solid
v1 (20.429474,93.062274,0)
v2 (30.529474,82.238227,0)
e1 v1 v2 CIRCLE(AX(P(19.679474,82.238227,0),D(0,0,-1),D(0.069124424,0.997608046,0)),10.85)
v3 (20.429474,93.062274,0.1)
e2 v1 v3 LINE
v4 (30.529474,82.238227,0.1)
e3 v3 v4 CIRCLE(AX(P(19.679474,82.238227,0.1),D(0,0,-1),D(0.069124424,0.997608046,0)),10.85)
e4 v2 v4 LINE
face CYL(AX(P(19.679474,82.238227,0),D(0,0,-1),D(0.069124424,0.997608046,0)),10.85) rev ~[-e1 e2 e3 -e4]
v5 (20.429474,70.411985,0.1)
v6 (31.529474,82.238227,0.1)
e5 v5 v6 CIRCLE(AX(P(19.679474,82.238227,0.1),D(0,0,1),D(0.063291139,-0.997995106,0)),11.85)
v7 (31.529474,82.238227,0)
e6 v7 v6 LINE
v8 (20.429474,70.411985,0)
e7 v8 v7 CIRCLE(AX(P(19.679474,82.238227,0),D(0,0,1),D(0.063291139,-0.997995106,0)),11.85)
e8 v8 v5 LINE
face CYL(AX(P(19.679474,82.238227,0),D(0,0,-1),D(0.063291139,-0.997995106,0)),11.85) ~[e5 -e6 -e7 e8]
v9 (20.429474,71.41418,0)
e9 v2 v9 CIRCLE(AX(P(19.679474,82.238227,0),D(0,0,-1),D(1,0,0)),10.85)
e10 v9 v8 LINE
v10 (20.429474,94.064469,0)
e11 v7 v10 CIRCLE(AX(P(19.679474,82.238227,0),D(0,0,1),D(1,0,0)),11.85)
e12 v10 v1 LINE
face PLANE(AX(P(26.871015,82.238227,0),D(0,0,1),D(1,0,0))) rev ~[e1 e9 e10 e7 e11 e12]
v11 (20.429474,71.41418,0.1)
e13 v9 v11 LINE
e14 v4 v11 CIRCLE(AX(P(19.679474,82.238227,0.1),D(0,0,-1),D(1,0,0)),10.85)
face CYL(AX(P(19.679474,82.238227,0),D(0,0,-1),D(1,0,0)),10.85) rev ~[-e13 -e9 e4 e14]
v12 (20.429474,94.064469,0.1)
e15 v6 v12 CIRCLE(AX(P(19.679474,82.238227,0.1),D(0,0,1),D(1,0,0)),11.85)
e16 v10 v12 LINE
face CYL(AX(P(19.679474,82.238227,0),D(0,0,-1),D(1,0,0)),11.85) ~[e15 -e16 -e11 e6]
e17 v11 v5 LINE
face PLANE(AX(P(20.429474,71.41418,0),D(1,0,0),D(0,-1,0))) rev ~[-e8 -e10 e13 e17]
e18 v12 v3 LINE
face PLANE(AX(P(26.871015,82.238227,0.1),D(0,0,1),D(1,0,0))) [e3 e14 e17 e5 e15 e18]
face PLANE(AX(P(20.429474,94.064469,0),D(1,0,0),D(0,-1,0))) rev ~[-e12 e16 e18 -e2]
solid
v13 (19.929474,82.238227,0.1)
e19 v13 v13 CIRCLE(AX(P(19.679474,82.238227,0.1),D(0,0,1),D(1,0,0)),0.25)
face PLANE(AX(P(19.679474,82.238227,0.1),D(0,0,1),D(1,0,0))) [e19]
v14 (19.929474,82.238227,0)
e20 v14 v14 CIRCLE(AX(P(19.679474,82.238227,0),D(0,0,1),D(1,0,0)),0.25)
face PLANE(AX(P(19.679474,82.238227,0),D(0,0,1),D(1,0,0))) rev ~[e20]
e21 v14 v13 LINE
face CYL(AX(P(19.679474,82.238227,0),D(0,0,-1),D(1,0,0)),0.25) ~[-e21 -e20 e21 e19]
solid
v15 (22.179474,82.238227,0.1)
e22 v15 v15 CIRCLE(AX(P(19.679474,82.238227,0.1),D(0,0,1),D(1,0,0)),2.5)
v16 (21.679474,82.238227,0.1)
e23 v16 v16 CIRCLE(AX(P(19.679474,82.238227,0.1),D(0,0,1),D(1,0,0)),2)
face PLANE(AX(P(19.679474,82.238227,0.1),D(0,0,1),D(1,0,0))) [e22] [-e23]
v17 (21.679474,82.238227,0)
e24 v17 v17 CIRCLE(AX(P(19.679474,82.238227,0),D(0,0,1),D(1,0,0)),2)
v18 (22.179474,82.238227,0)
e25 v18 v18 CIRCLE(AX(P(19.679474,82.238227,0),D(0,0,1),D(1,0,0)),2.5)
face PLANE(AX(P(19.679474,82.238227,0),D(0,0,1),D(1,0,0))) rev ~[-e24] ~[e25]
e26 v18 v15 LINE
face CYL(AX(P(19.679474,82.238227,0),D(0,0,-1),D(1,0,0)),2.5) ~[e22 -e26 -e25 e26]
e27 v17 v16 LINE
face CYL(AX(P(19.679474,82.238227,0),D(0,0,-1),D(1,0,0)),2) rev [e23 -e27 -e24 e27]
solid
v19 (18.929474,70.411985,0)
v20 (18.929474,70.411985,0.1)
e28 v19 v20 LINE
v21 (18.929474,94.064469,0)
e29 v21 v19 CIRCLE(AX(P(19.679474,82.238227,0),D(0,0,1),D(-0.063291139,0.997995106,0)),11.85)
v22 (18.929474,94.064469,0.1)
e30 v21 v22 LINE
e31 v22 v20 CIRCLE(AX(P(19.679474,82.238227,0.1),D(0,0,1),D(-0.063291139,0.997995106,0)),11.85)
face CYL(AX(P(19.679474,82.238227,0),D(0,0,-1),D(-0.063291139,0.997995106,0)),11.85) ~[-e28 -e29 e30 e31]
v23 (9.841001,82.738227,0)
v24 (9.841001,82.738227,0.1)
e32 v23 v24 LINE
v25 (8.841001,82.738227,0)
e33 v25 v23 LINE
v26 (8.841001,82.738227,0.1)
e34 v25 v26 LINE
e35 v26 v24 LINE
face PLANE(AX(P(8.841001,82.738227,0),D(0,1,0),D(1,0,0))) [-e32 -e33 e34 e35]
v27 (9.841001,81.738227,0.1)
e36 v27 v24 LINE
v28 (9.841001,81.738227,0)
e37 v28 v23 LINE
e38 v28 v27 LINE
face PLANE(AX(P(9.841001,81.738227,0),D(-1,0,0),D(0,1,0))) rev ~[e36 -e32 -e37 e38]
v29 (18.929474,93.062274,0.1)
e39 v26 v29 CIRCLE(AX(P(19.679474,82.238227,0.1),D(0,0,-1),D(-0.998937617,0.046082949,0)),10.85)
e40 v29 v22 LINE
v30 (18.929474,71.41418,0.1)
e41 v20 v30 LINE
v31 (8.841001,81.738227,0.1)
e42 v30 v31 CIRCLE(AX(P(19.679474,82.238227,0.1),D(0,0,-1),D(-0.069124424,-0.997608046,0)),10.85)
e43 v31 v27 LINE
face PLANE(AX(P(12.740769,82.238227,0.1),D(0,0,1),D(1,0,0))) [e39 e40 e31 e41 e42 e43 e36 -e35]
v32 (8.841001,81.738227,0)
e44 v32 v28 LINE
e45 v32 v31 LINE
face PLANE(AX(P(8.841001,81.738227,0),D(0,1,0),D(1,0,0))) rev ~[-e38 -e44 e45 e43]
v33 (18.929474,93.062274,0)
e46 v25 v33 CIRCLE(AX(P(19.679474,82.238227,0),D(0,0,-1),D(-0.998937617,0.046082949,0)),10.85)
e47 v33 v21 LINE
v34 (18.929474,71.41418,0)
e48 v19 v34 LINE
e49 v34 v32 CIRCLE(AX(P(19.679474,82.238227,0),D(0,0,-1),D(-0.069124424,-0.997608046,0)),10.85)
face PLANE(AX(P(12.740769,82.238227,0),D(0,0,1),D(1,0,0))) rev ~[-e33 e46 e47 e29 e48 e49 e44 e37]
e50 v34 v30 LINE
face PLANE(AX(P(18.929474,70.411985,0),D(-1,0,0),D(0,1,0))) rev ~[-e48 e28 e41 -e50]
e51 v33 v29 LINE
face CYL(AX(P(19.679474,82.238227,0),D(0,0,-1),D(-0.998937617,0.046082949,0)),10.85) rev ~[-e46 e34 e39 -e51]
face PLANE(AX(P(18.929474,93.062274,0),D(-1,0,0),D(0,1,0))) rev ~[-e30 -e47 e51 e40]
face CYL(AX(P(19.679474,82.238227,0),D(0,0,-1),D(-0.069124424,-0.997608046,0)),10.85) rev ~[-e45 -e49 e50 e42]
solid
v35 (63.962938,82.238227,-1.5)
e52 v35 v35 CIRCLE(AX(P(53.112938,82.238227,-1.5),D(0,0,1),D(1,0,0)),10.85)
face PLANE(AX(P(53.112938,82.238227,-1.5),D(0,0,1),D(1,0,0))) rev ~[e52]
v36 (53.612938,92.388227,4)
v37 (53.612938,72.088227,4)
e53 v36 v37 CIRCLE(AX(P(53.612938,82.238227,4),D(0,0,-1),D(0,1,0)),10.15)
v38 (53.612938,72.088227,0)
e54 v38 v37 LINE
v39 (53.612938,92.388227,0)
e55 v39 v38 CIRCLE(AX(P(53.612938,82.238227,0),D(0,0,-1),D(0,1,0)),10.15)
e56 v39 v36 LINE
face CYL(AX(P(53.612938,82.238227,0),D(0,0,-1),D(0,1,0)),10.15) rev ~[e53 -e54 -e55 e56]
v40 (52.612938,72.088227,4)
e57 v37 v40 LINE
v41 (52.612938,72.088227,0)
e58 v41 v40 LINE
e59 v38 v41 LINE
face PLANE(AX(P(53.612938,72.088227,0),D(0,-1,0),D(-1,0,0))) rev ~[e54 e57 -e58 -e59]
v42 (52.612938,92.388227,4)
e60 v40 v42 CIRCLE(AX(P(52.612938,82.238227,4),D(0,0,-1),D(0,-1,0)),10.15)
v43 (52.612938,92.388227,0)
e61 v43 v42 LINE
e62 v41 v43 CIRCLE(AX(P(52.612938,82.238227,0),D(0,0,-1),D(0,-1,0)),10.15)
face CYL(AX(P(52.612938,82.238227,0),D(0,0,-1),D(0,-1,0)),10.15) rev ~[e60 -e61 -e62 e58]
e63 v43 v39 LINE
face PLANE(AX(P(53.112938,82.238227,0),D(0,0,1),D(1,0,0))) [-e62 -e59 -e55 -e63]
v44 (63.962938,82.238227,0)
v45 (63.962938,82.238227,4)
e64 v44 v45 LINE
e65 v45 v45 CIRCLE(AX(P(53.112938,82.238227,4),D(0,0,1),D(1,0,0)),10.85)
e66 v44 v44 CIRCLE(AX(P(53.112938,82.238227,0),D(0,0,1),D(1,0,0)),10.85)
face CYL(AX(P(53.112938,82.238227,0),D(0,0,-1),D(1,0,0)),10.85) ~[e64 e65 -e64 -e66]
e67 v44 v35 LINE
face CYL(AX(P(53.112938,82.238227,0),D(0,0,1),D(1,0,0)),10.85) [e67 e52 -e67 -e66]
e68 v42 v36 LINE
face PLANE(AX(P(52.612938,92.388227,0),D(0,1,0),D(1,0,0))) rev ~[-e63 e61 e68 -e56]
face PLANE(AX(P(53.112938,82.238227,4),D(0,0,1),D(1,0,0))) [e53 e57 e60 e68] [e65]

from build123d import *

# Parameters (mm, degrees)
F0_R     = 2.5
F0_R_2   = 2
F1_DEPTH = 0.1
F0_W     = 1
F0_H     = 1
F2_DEPTH = 0.1
F0_R_3   = 0.25
F3_DEPTH = 0.1
F0_R_4   = 10.85
F4_DEPTH = 1.5
F5_DEPTH = 4


with BuildPart() as f1:
    # F0 (on Top) → F1 (new body)
    with BuildSketch(Plane.XY):
        with Locations((19.679473713, 82.238227129)):
            Circle(F0_R)
        with Locations((19.679473713, 82.238227129)):
            Circle(F0_R_2, mode=Mode.SUBTRACT)
    extrude(amount=F1_DEPTH)


with BuildPart() as f2:
    # F0 (on Top) → F2 (new body)
    with BuildSketch(Plane.XY):
        with BuildLine():
            ThreePointArc((8.8410005733, 81.738227129), (8.829473713, 82.238227129), (8.8410005733, 82.738227129))
            ThreePointArc((8.8410005733, 82.738227129), (11.9193406213, 89.8212894654), (18.929473713, 93.0622744312))
            Line((18.929473713, 93.0622744312), (18.929473713, 94.0644691356))
            ThreePointArc((18.929473713, 94.0644691356), (7.829473713, 82.238227129), (18.929473713, 70.4119851223))
            Line((18.929473713, 70.4119851223), (18.929473713, 71.4141798268))
            ThreePointArc((18.929473713, 71.4141798268), (11.9193406213, 74.6551647926), (8.8410005733, 81.738227129))
        make_face()
        with Locations((9.3410005733, 82.238227129)):
            Rectangle(F0_W, F0_H)
        with BuildLine():
            Line((8.8410005733, 81.738227129), (8.8410005733, 82.738227129))
            ThreePointArc((8.8410005733, 82.738227129), (8.829473713, 82.238227129), (8.8410005733, 81.738227129))
        make_face()
    extrude(amount=F2_DEPTH)


with BuildPart() as f2b:
    # F0 (on Top) → F2, piece 2 (new body)
    with BuildSketch(Plane.XY):
        with BuildLine():
            Line((20.429473713, 94.0644691356), (20.429473713, 93.0622744312))
            ThreePointArc((20.429473713, 93.0622744312), (27.6123168351, 89.6404227492), (30.529473713, 82.238227129))
            ThreePointArc((30.529473713, 82.238227129), (27.6123168351, 74.8360315088), (20.429473713, 71.4141798268))
            Line((20.429473713, 71.4141798268), (20.429473713, 70.4119851223))
            ThreePointArc((20.429473713, 70.4119851223), (28.3197862074, 74.1285107344), (31.529473713, 82.238227129))
            ThreePointArc((31.529473713, 82.238227129), (28.3197862074, 90.3479435235), (20.429473713, 94.0644691356))
        make_face()
    extrude(amount=F2_DEPTH)


with BuildPart() as f3:
    # F0 (on Top) → F3 (new body)
    with BuildSketch(Plane.XY):
        with Locations((19.679473713, 82.238227129)):
            Circle(F0_R_3)
    extrude(amount=F3_DEPTH)


with BuildPart() as f4:
    # F0 (on Top) → F4 (new body)
    with BuildSketch(Plane.XY):
        with Locations((53.1129379869, 82.238227129)):
            Circle(F0_R_4)
        with BuildLine():
            Line((53.6129379869, 72.088227129), (52.6129379869, 72.088227129))
            ThreePointArc((52.6129379869, 72.088227129), (42.4629379869, 82.238227129), (52.6129379869, 92.388227129))
            Line((52.6129379869, 92.388227129), (53.6129379869, 92.388227129))
            ThreePointArc((53.6129379869, 92.388227129), (63.7629379869, 82.238227129), (53.6129379869, 72.088227129))
        make_face(mode=Mode.SUBTRACT)
        with BuildLine():
            ThreePointArc((52.6129379869, 92.388227129), (42.4629379869, 82.238227129), (52.6129379869, 72.088227129))
            Line((52.6129379869, 72.088227129), (53.6129379869, 72.088227129))
            ThreePointArc((53.6129379869, 72.088227129), (63.7629379869, 82.238227129), (53.6129379869, 92.388227129))
            Line((53.6129379869, 92.388227129), (52.6129379869, 92.388227129))
        make_face()
    extrude(amount=-F4_DEPTH)

    # F0 (on Top) → F5 (join)
    with BuildSketch(Plane.XY):
        with Locations((53.1129379869, 82.238227129)):
            Circle(F0_R_4)
        with BuildLine():
            Line((53.6129379869, 72.088227129), (52.6129379869, 72.088227129))
            ThreePointArc((52.6129379869, 72.088227129), (42.4629379869, 82.238227129), (52.6129379869, 92.388227129))
            Line((52.6129379869, 92.388227129), (53.6129379869, 92.388227129))
            ThreePointArc((53.6129379869, 92.388227129), (63.7629379869, 82.238227129), (53.6129379869, 72.088227129))
        make_face(mode=Mode.SUBTRACT)
    extrude(amount=F5_DEPTH)


solid = Compound([f1.part, f2.part, f2b.part, f3.part, f4.part])
